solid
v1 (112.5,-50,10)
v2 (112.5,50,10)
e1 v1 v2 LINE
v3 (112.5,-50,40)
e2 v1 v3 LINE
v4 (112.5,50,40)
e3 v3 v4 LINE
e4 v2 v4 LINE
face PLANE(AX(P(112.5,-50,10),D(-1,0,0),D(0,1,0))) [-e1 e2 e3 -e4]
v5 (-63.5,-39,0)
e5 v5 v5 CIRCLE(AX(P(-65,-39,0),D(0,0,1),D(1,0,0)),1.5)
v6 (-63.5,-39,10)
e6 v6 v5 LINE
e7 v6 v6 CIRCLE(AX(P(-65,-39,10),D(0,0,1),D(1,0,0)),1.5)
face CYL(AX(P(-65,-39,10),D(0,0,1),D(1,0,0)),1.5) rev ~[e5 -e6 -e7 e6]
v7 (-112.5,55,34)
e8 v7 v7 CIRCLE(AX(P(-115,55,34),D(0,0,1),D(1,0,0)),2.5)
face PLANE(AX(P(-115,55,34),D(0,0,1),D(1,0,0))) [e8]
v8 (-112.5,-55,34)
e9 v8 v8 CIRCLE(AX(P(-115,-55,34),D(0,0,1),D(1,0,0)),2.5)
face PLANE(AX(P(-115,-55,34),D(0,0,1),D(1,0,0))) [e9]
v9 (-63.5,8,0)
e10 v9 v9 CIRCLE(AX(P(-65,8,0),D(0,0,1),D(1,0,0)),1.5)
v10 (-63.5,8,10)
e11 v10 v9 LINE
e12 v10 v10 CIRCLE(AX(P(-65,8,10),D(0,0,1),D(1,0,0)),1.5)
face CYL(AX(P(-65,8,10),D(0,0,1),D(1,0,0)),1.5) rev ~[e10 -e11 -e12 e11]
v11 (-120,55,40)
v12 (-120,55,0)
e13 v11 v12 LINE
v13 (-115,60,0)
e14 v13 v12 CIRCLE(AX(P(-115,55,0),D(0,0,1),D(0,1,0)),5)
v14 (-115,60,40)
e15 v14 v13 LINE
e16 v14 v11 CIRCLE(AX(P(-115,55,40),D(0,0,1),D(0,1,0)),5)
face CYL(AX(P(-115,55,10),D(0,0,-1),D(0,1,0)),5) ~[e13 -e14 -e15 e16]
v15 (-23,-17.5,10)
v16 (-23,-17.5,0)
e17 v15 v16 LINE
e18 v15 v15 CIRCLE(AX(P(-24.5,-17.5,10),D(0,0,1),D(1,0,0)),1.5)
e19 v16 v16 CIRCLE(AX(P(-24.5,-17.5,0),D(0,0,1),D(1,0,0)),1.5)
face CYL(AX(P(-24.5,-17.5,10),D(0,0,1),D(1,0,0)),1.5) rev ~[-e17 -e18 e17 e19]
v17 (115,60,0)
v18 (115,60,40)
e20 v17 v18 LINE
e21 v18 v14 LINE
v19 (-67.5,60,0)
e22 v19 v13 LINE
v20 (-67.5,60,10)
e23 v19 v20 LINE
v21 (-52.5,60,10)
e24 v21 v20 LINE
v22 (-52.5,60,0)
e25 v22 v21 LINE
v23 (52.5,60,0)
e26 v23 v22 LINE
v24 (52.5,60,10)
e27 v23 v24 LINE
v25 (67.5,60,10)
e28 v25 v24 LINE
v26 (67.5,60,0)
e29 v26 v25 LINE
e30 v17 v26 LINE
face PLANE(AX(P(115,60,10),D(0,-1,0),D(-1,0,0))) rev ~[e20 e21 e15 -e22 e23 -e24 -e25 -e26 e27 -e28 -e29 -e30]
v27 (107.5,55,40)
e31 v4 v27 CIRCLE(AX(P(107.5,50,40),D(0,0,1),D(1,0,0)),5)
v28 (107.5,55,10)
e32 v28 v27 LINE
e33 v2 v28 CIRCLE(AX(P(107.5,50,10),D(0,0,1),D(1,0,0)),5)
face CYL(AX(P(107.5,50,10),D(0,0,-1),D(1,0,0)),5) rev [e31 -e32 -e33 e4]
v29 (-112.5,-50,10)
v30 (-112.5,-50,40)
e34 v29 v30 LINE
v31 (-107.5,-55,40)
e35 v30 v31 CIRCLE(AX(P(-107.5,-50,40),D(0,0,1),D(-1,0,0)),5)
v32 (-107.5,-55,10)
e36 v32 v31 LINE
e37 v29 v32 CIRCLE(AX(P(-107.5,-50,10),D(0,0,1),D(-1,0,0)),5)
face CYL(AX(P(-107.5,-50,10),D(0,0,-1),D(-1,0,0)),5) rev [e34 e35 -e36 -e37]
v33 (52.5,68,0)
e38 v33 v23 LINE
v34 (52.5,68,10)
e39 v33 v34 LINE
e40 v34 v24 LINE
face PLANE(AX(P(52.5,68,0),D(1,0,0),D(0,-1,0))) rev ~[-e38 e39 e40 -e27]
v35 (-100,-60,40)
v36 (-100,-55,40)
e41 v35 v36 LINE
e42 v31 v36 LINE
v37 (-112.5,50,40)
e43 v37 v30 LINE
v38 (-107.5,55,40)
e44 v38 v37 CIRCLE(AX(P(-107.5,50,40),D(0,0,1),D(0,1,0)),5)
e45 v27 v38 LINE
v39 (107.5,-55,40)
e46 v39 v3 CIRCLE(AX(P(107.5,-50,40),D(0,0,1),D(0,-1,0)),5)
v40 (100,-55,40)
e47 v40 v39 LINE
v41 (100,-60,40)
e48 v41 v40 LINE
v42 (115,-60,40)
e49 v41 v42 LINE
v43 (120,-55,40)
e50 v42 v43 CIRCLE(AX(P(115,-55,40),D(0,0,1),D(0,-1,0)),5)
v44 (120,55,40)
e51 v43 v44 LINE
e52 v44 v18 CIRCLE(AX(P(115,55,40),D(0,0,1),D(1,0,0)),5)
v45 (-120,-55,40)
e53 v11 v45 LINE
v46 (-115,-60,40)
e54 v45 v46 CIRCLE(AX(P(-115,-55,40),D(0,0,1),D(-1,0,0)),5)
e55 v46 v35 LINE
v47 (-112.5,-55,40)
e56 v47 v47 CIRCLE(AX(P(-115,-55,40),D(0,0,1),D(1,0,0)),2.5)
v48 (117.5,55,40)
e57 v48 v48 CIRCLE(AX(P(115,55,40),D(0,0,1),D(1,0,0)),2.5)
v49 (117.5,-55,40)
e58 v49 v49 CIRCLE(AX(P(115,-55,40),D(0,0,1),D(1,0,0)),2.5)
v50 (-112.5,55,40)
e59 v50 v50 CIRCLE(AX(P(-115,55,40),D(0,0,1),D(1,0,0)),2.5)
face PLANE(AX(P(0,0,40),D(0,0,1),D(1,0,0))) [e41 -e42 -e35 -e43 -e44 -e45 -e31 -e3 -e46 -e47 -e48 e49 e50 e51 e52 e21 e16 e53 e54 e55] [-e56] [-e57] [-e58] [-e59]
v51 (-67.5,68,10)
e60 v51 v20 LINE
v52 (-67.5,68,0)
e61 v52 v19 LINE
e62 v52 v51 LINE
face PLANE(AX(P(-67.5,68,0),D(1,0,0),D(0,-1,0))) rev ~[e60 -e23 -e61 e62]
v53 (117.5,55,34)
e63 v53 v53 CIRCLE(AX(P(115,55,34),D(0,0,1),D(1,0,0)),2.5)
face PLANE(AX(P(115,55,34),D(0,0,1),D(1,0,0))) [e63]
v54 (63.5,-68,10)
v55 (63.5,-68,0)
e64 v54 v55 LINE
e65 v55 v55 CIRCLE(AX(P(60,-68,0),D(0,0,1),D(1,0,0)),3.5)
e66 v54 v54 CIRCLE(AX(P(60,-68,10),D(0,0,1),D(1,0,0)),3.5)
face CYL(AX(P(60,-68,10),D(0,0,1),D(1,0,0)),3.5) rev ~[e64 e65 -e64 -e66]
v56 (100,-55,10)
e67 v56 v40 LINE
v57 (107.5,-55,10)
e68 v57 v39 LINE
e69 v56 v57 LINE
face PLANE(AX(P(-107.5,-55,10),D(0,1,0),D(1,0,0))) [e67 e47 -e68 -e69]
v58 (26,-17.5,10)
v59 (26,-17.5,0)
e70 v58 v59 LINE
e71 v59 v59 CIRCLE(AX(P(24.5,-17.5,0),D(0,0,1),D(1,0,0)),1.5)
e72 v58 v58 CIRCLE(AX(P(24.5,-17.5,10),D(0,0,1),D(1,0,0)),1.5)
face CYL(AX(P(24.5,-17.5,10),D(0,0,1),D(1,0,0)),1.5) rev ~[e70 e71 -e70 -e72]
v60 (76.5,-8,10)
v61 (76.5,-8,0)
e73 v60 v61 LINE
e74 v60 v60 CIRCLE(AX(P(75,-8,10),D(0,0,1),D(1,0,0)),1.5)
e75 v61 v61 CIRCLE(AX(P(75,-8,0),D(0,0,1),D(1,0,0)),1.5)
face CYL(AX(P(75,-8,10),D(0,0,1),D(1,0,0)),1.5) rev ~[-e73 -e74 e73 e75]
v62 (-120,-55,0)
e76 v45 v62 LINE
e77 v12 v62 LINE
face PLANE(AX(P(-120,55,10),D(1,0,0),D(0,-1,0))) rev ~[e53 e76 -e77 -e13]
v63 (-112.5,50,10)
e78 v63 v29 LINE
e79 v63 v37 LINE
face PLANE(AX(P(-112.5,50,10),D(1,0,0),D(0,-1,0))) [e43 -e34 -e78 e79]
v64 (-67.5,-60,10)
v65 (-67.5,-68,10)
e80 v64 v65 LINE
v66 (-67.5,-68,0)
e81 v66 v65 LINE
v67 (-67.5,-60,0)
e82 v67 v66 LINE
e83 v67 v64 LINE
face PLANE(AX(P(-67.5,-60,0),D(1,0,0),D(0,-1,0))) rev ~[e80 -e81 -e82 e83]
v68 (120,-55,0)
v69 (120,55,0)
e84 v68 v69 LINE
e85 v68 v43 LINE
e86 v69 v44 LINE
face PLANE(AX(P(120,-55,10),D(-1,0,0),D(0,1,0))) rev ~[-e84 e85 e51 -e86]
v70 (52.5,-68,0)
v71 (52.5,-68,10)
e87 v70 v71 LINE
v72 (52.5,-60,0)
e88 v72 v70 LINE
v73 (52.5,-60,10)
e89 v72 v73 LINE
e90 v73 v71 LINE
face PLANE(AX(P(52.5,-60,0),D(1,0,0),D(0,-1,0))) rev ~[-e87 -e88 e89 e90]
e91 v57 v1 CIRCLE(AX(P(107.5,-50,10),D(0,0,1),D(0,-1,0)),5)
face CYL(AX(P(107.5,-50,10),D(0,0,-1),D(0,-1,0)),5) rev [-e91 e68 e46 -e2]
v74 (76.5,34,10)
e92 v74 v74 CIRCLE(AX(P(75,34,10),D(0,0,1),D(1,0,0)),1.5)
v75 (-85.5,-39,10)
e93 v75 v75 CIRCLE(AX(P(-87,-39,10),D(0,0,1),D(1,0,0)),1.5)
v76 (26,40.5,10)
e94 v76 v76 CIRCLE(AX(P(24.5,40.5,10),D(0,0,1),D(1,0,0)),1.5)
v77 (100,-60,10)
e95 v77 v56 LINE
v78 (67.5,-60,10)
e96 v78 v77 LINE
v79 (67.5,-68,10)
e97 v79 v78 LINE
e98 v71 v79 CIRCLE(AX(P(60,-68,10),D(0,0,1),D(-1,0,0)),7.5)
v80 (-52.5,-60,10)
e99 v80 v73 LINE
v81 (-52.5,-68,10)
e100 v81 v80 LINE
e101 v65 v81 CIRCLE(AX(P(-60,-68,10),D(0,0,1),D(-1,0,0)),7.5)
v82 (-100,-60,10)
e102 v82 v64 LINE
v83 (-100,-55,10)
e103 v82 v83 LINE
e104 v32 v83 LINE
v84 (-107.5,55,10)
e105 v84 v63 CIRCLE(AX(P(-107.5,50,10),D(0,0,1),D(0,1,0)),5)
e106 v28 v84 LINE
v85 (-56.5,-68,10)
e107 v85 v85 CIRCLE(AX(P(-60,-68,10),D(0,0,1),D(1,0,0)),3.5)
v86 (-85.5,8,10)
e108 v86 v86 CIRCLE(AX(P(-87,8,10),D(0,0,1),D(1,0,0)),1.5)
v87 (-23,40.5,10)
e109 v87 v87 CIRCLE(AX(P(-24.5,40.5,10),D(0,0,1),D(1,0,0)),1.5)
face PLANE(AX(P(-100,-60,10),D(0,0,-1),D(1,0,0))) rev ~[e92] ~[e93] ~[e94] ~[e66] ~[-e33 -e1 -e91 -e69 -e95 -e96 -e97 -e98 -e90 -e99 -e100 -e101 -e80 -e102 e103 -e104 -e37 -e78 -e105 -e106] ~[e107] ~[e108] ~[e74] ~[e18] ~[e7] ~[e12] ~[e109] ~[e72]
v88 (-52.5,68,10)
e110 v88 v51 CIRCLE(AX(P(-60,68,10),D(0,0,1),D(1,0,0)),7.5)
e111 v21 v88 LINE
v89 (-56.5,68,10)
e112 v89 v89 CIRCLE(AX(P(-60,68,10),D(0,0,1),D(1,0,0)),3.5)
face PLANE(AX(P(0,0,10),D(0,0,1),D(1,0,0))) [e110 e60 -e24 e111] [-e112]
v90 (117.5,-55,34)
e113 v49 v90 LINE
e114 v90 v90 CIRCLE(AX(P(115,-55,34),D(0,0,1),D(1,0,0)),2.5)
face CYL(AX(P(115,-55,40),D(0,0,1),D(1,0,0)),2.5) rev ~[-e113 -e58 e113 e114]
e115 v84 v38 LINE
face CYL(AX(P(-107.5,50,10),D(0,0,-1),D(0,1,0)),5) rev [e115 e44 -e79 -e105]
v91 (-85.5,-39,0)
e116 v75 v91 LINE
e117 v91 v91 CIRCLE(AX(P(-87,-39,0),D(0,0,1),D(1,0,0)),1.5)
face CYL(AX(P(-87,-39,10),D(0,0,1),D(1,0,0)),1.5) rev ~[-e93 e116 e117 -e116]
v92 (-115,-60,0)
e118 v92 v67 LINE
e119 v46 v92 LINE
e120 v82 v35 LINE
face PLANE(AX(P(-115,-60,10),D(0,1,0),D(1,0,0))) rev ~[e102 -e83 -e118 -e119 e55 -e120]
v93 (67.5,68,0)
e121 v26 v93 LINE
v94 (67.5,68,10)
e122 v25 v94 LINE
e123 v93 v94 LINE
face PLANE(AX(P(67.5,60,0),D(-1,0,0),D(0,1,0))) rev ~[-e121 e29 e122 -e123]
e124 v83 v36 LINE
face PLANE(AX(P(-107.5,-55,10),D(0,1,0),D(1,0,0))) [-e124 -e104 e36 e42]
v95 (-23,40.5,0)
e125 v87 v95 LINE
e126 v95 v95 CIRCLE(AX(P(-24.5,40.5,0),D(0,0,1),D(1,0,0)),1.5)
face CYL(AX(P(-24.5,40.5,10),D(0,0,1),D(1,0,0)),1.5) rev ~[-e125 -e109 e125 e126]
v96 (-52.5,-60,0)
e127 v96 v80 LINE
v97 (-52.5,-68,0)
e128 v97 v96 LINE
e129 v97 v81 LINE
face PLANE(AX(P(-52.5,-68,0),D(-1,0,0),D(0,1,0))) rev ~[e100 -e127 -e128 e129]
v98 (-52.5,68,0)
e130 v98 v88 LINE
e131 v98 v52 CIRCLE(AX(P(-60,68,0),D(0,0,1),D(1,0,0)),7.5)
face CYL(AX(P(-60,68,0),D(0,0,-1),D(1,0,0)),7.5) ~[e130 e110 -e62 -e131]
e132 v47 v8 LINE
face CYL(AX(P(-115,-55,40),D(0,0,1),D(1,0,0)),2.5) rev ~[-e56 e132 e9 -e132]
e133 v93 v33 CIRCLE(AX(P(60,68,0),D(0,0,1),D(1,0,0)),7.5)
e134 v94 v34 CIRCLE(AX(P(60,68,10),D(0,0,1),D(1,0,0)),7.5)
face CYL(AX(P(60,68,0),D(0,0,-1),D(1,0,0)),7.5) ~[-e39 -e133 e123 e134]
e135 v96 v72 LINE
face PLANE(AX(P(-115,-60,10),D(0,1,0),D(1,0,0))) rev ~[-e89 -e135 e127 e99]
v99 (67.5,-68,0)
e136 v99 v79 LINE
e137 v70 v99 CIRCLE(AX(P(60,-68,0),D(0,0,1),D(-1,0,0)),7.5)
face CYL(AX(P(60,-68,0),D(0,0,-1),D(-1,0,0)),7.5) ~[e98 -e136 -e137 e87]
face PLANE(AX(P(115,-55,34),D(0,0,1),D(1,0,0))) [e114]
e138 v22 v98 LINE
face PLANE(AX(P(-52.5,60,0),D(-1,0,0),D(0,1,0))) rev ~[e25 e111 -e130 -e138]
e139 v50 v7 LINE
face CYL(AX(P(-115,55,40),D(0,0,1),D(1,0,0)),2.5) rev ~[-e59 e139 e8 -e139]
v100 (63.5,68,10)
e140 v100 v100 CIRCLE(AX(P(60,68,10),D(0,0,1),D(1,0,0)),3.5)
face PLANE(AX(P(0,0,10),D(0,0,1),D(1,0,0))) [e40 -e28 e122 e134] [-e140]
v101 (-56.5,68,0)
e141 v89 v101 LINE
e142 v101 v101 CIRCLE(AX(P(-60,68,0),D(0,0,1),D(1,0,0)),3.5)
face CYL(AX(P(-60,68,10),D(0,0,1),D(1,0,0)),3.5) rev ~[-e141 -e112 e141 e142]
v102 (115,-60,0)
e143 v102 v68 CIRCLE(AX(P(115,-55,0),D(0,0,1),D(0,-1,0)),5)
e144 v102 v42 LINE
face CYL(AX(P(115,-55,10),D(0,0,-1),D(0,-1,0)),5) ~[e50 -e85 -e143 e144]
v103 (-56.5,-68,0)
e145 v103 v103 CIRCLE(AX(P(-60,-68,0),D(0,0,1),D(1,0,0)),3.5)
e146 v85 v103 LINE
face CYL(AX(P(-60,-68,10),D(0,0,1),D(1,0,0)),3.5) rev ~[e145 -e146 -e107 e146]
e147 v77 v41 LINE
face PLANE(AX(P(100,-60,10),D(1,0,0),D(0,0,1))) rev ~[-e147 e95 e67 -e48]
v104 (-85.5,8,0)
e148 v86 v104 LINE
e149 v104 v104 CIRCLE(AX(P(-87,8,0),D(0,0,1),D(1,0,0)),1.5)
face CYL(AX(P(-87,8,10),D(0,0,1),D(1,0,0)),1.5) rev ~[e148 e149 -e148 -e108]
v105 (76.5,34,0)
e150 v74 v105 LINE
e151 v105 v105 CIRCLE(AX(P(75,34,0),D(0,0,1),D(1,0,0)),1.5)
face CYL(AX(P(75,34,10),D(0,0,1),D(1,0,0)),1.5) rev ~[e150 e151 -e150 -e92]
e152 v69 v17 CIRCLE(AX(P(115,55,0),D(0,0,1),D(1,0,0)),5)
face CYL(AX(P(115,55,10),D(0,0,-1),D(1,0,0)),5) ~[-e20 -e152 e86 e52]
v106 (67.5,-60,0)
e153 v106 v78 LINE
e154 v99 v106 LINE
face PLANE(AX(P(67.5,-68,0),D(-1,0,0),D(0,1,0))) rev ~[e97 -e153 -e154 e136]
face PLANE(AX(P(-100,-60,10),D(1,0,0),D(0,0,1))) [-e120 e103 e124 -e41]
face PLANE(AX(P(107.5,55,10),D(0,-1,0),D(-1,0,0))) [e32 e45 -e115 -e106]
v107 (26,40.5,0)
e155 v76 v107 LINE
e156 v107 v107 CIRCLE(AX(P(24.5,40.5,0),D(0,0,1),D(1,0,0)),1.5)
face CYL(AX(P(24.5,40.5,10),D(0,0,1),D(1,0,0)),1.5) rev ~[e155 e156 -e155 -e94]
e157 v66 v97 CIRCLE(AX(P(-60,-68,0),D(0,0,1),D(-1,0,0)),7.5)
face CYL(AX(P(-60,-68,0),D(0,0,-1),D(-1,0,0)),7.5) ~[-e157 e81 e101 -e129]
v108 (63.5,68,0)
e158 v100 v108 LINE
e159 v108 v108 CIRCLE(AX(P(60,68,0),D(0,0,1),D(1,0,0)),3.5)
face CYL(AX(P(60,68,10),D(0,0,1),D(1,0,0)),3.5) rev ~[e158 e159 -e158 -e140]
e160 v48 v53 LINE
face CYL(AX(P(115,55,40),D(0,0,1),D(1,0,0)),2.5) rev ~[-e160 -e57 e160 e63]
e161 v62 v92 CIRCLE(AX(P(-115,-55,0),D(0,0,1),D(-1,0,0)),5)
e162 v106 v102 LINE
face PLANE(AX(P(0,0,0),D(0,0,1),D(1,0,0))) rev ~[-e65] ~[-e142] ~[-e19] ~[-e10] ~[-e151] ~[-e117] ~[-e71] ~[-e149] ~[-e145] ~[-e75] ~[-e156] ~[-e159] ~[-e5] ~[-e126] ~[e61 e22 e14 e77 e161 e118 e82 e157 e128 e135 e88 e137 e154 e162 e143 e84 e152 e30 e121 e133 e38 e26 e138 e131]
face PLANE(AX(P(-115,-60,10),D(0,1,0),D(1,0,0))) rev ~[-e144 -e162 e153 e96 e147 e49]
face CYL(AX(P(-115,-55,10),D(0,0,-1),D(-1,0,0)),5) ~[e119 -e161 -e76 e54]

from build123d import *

# Parameters (mm, degrees)
BOSS_EXTRUDE1_DEPTH                 = 10
SKETCH3_R                           = 3.5
IZVRTINA_VIJACENJE_NOSILCA_M7_DEPTH = 10
BOSS_EXTRUDE2_DEPTH                 = 30
SKETCH8_W                           = 200
SKETCH8_H                           = 30
IZVRTINA_KABLI_DEPTH                = 5
SKETCH10_R                          = 1.5
IZVRTINE_RPI_M2_5_HEAT_INSERT_DEPTH = 10
SKETCH11_R                          = 1.5
IZVRTINE_BUCK_M2_HEAT_INSERTS_DEPTH = 10
SKETCH12_R                          = 1.5
IZVRTINE_UNO_M2_5_HEAT_INSERT_DEPTH = 10
SKETCH14_R                          = 2.5
IZVRTINE_TOP_M4_HEAT_INSERT_DEPTH   = 6


with BuildPart() as part:
    # Sketch2 → Boss-Extrude1 (new body)
    with BuildSketch(Plane.XY):
        with BuildLine():
            Line((52.5, 60), (-52.5, 60))
            Line((-52.5, 60), (-52.5, 68))
            ThreePointArc((-52.5, 68), (-60, 75.5), (-67.5, 68))
            Line((-67.5, 68), (-67.5, 60))
            Line((-67.5, 60), (-115, 60))
            ThreePointArc((-115, 60), (-118.535533906, 58.535533906), (-120, 55))
            Line((-120, 55), (-120, -55))
            ThreePointArc((-120, -55), (-118.535533906, -58.535533906), (-115, -60))
            Line((-115, -60), (-67.5, -60))
            Line((-67.5, -60), (-67.5, -68))
            ThreePointArc((-67.5, -68), (-60, -75.5), (-52.5, -68))
            Line((-52.5, -68), (-52.5, -60))
            Line((-52.5, -60), (52.5, -60))
            Line((52.5, -60), (52.5, -68))
            ThreePointArc((52.5, -68), (60, -75.5), (67.5, -68))
            Line((67.5, -68), (67.5, -60))
            Line((67.5, -60), (115, -60))
            ThreePointArc((115, -60), (118.535533906, -58.535533906), (120, -55))
            Line((120, -55), (120, 55))
            ThreePointArc((120, 55), (118.535533906, 58.535533906), (115, 60))
            Line((115, 60), (67.5, 60))
            Line((67.5, 60), (67.5, 68))
            ThreePointArc((67.5, 68), (60, 75.5), (52.5, 68))
            Line((52.5, 68), (52.5, 60))
        make_face()
    extrude(amount=BOSS_EXTRUDE1_DEPTH)

    # Sketch3 → izvrtina_vijacenje_nosilca_m7 (cut)
    with BuildSketch(Plane.XY.offset(10)):
        with Locations((-60, 68)):
            Circle(SKETCH3_R)
        with Locations((-60, -68)):
            Circle(SKETCH3_R)
        with Locations((60, -68)):
            Circle(SKETCH3_R)
        with Locations((60, 68)):
            Circle(SKETCH3_R)
    extrude(amount=-IZVRTINA_VIJACENJE_NOSILCA_M7_DEPTH, mode=Mode.SUBTRACT)

    # Sketch7 → Boss-Extrude2 (add)
    with BuildSketch(Plane.XY.offset(10)):
        with BuildLine():
            Line((-115, -60), (115, -60))
            ThreePointArc((115, -60), (118.535533906, -58.535533906), (120, -55))
            Line((120, -55), (120, 55))
            ThreePointArc((120, 55), (118.535533906, 58.535533906), (115, 60))
            Line((115, 60), (-115, 60))
            ThreePointArc((-115, 60), (-118.535533906, 58.535533906), (-120, 55))
            Line((-120, 55), (-120, -55))
            ThreePointArc((-120, -55), (-118.535533906, -58.535533906), (-115, -60))
        make_face()
        with BuildLine():
            Line((-112.5, 50), (-112.5, -50))
            ThreePointArc((-112.5, -50), (-111.035533906, -53.535533906), (-107.5, -55))
            Line((-107.5, -55), (107.5, -55))
            ThreePointArc((107.5, -55), (111.035533906, -53.535533906), (112.5, -50))
            Line((112.5, -50), (112.5, 50))
            ThreePointArc((112.5, 50), (111.035533906, 53.535533906), (107.5, 55))
            Line((107.5, 55), (-107.5, 55))
            ThreePointArc((-107.5, 55), (-111.035533906, 53.535533906), (-112.5, 50))
        make_face(mode=Mode.SUBTRACT)
    extrude(amount=BOSS_EXTRUDE2_DEPTH)

    # Sketch8 → izvrtina_kabli (cut)
    with BuildSketch(Plane.XZ.offset(60)):
        with Locations((0, 25)):
            Rectangle(SKETCH8_W, SKETCH8_H)
    extrude(amount=-IZVRTINA_KABLI_DEPTH, mode=Mode.SUBTRACT)

    # Sketch10 → izvrtine_rpi_m2.5_heat_insert (cut)
    with BuildSketch(Plane.XY.offset(10)):
        with Locations((24.5, 40.5)):
            Circle(SKETCH10_R)
        with Locations((24.5, -17.5)):
            Circle(SKETCH10_R)
        with Locations((-24.5, -17.5)):
            Circle(SKETCH10_R)
        with Locations((-24.5, 40.5)):
            Circle(SKETCH10_R)
    extrude(amount=-IZVRTINE_RPI_M2_5_HEAT_INSERT_DEPTH, mode=Mode.SUBTRACT)

    # Sketch11 → izvrtine_buck_m2_heat_inserts (cut)
    with BuildSketch(Plane.XY.offset(10)):
        with Locations((-87, 8)):
            Circle(SKETCH11_R)
        with Locations((-65, 8)):
            Circle(SKETCH11_R)
        with Locations((-65, -39)):
            Circle(SKETCH11_R)
        with Locations((-87, -39)):
            Circle(SKETCH11_R)
    extrude(amount=-IZVRTINE_BUCK_M2_HEAT_INSERTS_DEPTH, mode=Mode.SUBTRACT)

    # Sketch12 → izvrtine_uno_m2.5_heat_insert (cut)
    with BuildSketch(Plane.XY.offset(10)):
        with Locations((75, 34)):
            Circle(SKETCH12_R)
        with Locations((75, -8)):
            Circle(SKETCH12_R)
    extrude(amount=-IZVRTINE_UNO_M2_5_HEAT_INSERT_DEPTH, mode=Mode.SUBTRACT)

    # Sketch14 → izvrtine_top_m4_heat_insert (cut)
    with BuildSketch(Plane.XY.offset(40)):
        with Locations((-115, 55)):
            Circle(SKETCH14_R)
        with Locations((115, 55)):
            Circle(SKETCH14_R)
        with Locations((115, -55)):
            Circle(SKETCH14_R)
        with Locations((-115, -55)):
            Circle(SKETCH14_R)
    extrude(amount=-IZVRTINE_TOP_M4_HEAT_INSERT_DEPTH, mode=Mode.SUBTRACT)


solid = part.part
